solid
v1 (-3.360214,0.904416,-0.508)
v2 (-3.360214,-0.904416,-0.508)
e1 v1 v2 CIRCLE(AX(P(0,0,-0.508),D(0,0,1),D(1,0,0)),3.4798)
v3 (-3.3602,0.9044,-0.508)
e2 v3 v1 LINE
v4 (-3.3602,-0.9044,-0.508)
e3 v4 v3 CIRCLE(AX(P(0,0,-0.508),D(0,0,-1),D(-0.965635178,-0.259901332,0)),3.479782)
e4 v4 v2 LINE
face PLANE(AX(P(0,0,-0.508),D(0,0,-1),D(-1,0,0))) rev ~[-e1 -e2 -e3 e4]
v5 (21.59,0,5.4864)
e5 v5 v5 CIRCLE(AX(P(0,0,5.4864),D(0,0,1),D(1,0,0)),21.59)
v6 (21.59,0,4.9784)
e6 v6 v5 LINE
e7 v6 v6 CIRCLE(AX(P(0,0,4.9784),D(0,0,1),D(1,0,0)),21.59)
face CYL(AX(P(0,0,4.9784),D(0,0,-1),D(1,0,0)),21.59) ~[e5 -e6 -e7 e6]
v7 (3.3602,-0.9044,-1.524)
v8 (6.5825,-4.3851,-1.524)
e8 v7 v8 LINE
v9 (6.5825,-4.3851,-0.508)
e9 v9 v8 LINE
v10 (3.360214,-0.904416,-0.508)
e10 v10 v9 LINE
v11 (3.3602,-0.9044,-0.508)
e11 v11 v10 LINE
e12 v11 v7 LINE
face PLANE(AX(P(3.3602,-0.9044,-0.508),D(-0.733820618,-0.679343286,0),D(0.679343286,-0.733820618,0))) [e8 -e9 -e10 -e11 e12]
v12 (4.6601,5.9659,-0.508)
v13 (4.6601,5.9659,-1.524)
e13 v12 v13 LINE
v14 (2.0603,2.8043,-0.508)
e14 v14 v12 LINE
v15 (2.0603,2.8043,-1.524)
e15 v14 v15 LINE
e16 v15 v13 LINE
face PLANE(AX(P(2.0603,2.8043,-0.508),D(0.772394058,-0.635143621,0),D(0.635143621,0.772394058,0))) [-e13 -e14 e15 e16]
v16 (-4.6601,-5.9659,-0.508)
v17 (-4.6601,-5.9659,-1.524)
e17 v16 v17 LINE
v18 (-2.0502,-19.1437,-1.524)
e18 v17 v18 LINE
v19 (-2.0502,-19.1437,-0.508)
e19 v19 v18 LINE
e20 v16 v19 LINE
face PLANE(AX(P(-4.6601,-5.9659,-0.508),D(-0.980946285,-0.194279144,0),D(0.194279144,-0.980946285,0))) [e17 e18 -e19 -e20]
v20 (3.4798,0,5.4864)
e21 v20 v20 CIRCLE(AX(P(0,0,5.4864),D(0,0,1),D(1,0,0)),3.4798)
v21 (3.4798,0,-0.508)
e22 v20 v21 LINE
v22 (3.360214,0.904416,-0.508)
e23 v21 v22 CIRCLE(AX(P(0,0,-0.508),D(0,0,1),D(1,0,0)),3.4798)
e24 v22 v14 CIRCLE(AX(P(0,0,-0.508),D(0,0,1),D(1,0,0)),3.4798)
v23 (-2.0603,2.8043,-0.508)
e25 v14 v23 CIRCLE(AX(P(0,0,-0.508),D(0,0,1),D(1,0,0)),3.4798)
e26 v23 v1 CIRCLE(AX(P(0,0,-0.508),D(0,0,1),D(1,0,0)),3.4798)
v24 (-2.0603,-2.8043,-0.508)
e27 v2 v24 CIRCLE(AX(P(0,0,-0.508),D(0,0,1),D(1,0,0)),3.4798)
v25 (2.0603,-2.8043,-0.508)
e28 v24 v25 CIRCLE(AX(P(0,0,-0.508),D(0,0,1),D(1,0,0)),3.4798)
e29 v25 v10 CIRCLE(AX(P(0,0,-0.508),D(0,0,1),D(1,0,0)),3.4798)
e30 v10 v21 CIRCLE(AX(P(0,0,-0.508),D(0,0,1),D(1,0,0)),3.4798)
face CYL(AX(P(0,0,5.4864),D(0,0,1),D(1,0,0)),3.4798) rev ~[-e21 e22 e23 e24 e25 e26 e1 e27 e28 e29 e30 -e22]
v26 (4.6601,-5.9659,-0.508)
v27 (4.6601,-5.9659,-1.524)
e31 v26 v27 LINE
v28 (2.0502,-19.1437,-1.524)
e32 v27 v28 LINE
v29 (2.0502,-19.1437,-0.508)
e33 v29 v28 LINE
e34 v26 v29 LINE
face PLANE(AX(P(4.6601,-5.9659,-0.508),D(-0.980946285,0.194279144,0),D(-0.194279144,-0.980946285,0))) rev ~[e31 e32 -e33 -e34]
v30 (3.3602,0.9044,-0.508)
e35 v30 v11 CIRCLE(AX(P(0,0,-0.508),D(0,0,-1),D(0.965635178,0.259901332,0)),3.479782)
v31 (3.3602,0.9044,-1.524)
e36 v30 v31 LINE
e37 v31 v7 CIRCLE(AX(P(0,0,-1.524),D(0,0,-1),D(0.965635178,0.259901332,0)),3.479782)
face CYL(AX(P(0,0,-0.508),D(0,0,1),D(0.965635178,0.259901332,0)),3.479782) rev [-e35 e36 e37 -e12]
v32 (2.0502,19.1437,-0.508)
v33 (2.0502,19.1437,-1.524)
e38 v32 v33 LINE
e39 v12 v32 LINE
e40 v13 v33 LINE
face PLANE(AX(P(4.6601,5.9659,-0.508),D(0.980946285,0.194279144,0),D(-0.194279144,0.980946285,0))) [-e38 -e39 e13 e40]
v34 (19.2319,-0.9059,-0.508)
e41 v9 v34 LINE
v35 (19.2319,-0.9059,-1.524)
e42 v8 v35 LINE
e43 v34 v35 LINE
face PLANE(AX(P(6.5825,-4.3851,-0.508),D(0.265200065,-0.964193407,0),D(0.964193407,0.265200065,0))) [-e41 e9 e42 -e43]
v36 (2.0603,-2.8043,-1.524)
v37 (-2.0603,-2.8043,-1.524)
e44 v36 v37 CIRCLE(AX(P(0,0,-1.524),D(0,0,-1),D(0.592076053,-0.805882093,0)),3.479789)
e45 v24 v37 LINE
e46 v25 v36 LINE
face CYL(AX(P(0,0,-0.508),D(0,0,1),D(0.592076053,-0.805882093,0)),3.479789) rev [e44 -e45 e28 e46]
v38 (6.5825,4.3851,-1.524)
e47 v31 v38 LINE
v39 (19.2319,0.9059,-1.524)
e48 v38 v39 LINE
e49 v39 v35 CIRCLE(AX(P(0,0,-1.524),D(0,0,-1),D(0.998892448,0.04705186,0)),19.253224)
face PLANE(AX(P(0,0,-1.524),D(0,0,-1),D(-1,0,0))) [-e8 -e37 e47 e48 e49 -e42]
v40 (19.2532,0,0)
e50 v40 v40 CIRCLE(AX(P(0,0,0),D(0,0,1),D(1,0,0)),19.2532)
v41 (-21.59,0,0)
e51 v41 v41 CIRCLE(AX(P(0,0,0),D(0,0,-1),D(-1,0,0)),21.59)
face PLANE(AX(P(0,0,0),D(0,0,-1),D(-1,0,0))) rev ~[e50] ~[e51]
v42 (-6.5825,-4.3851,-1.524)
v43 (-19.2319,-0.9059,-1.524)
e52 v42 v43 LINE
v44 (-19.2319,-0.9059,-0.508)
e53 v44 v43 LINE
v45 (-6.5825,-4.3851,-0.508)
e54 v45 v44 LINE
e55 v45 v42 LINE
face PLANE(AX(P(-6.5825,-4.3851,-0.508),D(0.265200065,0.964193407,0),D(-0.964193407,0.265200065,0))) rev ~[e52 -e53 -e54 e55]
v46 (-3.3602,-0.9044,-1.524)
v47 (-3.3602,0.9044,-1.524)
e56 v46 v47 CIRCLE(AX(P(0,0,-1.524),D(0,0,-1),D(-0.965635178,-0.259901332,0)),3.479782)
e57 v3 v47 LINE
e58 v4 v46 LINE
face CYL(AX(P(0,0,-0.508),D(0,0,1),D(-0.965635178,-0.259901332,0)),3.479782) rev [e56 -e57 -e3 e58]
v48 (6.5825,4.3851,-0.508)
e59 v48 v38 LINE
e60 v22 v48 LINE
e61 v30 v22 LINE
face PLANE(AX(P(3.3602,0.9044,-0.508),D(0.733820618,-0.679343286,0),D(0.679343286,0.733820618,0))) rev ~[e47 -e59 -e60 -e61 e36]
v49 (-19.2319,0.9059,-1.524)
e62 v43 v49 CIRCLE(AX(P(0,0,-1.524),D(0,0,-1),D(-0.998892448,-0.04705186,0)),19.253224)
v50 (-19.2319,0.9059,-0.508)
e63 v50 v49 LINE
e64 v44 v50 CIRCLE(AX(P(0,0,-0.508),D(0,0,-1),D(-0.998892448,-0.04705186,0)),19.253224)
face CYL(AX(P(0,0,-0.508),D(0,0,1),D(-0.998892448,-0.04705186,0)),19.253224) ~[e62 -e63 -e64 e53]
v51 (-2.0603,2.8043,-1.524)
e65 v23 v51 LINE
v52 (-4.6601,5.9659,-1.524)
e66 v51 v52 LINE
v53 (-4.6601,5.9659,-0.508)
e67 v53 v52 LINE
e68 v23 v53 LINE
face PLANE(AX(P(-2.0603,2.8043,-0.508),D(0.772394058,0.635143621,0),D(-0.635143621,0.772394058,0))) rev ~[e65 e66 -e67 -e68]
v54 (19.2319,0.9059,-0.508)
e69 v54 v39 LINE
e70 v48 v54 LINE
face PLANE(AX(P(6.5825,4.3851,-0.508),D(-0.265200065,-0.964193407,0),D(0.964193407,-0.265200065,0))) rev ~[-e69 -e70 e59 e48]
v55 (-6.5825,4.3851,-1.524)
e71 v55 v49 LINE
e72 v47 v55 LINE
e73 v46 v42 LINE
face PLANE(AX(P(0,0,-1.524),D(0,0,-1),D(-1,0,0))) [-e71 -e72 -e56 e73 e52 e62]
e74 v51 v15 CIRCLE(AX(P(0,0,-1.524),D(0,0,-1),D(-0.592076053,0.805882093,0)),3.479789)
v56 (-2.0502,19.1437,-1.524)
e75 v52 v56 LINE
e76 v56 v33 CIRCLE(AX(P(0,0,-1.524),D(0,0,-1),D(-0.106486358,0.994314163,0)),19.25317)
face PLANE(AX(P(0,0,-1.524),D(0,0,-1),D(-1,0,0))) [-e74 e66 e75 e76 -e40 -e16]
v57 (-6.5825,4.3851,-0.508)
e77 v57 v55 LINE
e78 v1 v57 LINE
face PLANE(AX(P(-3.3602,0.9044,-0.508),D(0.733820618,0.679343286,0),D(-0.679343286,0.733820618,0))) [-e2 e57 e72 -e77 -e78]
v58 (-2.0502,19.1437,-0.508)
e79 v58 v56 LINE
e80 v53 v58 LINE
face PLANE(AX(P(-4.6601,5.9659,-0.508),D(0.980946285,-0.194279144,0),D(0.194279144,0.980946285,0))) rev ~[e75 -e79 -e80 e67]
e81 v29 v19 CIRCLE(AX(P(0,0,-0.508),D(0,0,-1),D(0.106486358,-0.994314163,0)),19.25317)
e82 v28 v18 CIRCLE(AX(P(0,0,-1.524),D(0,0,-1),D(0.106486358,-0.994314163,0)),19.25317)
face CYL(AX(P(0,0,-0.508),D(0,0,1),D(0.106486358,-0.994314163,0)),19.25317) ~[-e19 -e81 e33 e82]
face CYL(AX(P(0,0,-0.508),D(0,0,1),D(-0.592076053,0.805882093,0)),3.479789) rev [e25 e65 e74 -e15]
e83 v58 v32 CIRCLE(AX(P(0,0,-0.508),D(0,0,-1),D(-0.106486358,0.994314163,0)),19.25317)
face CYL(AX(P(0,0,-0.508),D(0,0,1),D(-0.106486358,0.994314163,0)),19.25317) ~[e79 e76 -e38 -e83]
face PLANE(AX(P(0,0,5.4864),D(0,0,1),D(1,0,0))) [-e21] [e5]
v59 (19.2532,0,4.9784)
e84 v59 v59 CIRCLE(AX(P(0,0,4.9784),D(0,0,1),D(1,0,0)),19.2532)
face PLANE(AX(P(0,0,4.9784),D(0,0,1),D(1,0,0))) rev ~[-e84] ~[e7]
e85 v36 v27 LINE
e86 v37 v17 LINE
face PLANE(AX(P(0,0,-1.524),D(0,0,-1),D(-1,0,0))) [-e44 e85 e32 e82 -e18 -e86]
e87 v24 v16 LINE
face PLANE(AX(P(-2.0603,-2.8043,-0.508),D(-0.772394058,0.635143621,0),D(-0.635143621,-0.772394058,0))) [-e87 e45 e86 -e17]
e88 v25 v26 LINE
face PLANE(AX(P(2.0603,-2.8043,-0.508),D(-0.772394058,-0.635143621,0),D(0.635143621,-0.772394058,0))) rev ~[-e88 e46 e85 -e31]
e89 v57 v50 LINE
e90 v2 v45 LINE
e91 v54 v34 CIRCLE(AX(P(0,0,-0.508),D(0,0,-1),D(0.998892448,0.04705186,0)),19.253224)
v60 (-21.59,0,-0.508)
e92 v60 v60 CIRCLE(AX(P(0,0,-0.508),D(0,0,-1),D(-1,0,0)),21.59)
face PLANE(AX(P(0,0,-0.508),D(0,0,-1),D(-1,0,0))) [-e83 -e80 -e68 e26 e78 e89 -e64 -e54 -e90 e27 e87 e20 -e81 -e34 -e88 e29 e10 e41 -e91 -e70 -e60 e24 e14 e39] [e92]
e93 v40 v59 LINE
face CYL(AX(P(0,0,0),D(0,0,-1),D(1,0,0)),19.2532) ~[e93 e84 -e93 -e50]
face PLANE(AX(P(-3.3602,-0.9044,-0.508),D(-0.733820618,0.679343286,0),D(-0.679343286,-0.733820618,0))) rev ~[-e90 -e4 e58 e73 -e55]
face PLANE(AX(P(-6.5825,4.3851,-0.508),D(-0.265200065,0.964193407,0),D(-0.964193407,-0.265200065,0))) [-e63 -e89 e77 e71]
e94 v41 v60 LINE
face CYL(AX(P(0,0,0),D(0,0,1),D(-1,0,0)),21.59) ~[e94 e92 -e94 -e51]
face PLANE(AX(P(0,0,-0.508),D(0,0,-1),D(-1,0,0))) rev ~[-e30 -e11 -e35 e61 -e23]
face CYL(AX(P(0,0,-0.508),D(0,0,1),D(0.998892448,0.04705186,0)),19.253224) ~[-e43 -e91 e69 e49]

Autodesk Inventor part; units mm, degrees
ref_plane "YZ Plane" through (0, 0, 0) normal (1, 0, 0) x (0, 1, 0)
ref_plane "XZ Plane" through (0, 0, 0) normal (0, 1, 0) x (-1, 0, 0)
ref_plane "XY Plane" through (0, 0, 0) normal (0, 0, 1) x (1, 0, 0)
sketch "Sketch1" plane through (0, 0, 0) normal (0, 0, 1) x (1, 0, 0)
  circle A0 centre (0, 0) radius 19.2532
  dimension "d0" = 38.5064
extrude "Extrusion1" add sketch "Sketch1" along normal blind 4.9784
sketch "Sketch11" plane through (0, 0, 4.9784) normal (0, 0, 1) x (1, 0, 0)
  circle A0 centre (0, 0) radius 21.59
  dimension "d30" = 43.18
extrude "Extrusion8" add sketch "Sketch11" along normal blind 0.508
sketch "Sketch12" plane through (0, 0, 0) normal (0, 0, -1) x (-1, 0, 0)
  circle A0 centre (0, 0) radius 21.59
extrude "Extrusion9" add sketch "Sketch12" along normal blind 0.508
sketch "Sketch13" plane through (0, 0, 5.4864) normal (0, 0, 1) x (1, 0, 0)
  circle A0 centre (0, 0) radius 3.4798
  dimension "d35" = 6.9596
extrude "Extrusion10" cut sketch "Sketch13" against normal through all
sketch "Sketch14" plane through (0, 0, -0.508) normal (0, 0, -1) x (-1, 0, 0)
  line L0 (-2.0603, -2.8043) -> (-4.6601, -5.9659)
  line L1 (-4.6601, -5.9659) -> (-2.0502, -19.1437)
  line L2 (2.0603, -2.8043) -> (4.6601, -5.9659)
  line L3 (4.6601, -5.9659) -> (2.0502, -19.1437)
  line L4 (-2.0603, 2.8043) -> (-4.6601, 5.9659)
  line L5 (-4.6601, 5.9659) -> (-2.0502, 19.1437)
  line L6 (4.6601, 5.9659) -> (2.0502, 19.1437)
  line L7 (2.0603, 2.8043) -> (4.6601, 5.9659)
  line L8 (3.3602, -0.9044) -> (6.5825, -4.3851)
  line L9 (6.5825, -4.3851) -> (19.2319, -0.9059)
  line L10 (3.3602, 0.9044) -> (6.5825, 4.3851)
  line L11 (6.5825, 4.3851) -> (19.2319, 0.9059)
  line L12 (-3.3602, -0.9044) -> (-6.5825, -4.3851)
  line L13 (-6.5825, -4.3851) -> (-19.2319, -0.9059)
  line L14 (-6.5825, 4.3851) -> (-19.2319, 0.9059)
  line L15 (-3.3602, 0.9044) -> (-6.5825, 4.3851)
  arc A0 (2.0502, 19.1437) -> (-2.0502, 19.1437) centre (0, 0) ccw
  arc A1 (-19.2319, 0.9059) -> (-19.2319, -0.9059) centre (0, 0) ccw
  arc A2 (-2.0502, -19.1437) -> (2.0502, -19.1437) centre (0, 0) ccw
  arc A3 (19.2319, -0.9059) -> (19.2319, 0.9059) centre (0, 0) ccw
  arc A4 (-2.0603, -2.8043) -> (2.0603, -2.8043) centre (0, 0) ccw
  arc A5 (-3.3602, 0.9044) -> (-3.3602, -0.9044) centre (0, 0) ccw
  arc A6 (3.3602, -0.9044) -> (3.3602, 0.9044) centre (0, 0) ccw
  arc A7 (2.0603, 2.8043) -> (-2.0603, 2.8043) centre (0, 0) ccw
extrude "Extrusion11" add sketch "Sketch14" along normal blind 1.016
sketch "Sketch15" plane through (0, 0, -0.508) normal (0, 0, -1) x (-1, 0, 0)
  circle A0 centre (0, 0) radius 3.4798 projected
  line L0 (4.6601, -5.9659) -> (2.0502, -19.1437) projected
  line L1 (2.4217, -17.2678) -> (2.0502, -19.1437)
properties part number "mcdave_wheel"
